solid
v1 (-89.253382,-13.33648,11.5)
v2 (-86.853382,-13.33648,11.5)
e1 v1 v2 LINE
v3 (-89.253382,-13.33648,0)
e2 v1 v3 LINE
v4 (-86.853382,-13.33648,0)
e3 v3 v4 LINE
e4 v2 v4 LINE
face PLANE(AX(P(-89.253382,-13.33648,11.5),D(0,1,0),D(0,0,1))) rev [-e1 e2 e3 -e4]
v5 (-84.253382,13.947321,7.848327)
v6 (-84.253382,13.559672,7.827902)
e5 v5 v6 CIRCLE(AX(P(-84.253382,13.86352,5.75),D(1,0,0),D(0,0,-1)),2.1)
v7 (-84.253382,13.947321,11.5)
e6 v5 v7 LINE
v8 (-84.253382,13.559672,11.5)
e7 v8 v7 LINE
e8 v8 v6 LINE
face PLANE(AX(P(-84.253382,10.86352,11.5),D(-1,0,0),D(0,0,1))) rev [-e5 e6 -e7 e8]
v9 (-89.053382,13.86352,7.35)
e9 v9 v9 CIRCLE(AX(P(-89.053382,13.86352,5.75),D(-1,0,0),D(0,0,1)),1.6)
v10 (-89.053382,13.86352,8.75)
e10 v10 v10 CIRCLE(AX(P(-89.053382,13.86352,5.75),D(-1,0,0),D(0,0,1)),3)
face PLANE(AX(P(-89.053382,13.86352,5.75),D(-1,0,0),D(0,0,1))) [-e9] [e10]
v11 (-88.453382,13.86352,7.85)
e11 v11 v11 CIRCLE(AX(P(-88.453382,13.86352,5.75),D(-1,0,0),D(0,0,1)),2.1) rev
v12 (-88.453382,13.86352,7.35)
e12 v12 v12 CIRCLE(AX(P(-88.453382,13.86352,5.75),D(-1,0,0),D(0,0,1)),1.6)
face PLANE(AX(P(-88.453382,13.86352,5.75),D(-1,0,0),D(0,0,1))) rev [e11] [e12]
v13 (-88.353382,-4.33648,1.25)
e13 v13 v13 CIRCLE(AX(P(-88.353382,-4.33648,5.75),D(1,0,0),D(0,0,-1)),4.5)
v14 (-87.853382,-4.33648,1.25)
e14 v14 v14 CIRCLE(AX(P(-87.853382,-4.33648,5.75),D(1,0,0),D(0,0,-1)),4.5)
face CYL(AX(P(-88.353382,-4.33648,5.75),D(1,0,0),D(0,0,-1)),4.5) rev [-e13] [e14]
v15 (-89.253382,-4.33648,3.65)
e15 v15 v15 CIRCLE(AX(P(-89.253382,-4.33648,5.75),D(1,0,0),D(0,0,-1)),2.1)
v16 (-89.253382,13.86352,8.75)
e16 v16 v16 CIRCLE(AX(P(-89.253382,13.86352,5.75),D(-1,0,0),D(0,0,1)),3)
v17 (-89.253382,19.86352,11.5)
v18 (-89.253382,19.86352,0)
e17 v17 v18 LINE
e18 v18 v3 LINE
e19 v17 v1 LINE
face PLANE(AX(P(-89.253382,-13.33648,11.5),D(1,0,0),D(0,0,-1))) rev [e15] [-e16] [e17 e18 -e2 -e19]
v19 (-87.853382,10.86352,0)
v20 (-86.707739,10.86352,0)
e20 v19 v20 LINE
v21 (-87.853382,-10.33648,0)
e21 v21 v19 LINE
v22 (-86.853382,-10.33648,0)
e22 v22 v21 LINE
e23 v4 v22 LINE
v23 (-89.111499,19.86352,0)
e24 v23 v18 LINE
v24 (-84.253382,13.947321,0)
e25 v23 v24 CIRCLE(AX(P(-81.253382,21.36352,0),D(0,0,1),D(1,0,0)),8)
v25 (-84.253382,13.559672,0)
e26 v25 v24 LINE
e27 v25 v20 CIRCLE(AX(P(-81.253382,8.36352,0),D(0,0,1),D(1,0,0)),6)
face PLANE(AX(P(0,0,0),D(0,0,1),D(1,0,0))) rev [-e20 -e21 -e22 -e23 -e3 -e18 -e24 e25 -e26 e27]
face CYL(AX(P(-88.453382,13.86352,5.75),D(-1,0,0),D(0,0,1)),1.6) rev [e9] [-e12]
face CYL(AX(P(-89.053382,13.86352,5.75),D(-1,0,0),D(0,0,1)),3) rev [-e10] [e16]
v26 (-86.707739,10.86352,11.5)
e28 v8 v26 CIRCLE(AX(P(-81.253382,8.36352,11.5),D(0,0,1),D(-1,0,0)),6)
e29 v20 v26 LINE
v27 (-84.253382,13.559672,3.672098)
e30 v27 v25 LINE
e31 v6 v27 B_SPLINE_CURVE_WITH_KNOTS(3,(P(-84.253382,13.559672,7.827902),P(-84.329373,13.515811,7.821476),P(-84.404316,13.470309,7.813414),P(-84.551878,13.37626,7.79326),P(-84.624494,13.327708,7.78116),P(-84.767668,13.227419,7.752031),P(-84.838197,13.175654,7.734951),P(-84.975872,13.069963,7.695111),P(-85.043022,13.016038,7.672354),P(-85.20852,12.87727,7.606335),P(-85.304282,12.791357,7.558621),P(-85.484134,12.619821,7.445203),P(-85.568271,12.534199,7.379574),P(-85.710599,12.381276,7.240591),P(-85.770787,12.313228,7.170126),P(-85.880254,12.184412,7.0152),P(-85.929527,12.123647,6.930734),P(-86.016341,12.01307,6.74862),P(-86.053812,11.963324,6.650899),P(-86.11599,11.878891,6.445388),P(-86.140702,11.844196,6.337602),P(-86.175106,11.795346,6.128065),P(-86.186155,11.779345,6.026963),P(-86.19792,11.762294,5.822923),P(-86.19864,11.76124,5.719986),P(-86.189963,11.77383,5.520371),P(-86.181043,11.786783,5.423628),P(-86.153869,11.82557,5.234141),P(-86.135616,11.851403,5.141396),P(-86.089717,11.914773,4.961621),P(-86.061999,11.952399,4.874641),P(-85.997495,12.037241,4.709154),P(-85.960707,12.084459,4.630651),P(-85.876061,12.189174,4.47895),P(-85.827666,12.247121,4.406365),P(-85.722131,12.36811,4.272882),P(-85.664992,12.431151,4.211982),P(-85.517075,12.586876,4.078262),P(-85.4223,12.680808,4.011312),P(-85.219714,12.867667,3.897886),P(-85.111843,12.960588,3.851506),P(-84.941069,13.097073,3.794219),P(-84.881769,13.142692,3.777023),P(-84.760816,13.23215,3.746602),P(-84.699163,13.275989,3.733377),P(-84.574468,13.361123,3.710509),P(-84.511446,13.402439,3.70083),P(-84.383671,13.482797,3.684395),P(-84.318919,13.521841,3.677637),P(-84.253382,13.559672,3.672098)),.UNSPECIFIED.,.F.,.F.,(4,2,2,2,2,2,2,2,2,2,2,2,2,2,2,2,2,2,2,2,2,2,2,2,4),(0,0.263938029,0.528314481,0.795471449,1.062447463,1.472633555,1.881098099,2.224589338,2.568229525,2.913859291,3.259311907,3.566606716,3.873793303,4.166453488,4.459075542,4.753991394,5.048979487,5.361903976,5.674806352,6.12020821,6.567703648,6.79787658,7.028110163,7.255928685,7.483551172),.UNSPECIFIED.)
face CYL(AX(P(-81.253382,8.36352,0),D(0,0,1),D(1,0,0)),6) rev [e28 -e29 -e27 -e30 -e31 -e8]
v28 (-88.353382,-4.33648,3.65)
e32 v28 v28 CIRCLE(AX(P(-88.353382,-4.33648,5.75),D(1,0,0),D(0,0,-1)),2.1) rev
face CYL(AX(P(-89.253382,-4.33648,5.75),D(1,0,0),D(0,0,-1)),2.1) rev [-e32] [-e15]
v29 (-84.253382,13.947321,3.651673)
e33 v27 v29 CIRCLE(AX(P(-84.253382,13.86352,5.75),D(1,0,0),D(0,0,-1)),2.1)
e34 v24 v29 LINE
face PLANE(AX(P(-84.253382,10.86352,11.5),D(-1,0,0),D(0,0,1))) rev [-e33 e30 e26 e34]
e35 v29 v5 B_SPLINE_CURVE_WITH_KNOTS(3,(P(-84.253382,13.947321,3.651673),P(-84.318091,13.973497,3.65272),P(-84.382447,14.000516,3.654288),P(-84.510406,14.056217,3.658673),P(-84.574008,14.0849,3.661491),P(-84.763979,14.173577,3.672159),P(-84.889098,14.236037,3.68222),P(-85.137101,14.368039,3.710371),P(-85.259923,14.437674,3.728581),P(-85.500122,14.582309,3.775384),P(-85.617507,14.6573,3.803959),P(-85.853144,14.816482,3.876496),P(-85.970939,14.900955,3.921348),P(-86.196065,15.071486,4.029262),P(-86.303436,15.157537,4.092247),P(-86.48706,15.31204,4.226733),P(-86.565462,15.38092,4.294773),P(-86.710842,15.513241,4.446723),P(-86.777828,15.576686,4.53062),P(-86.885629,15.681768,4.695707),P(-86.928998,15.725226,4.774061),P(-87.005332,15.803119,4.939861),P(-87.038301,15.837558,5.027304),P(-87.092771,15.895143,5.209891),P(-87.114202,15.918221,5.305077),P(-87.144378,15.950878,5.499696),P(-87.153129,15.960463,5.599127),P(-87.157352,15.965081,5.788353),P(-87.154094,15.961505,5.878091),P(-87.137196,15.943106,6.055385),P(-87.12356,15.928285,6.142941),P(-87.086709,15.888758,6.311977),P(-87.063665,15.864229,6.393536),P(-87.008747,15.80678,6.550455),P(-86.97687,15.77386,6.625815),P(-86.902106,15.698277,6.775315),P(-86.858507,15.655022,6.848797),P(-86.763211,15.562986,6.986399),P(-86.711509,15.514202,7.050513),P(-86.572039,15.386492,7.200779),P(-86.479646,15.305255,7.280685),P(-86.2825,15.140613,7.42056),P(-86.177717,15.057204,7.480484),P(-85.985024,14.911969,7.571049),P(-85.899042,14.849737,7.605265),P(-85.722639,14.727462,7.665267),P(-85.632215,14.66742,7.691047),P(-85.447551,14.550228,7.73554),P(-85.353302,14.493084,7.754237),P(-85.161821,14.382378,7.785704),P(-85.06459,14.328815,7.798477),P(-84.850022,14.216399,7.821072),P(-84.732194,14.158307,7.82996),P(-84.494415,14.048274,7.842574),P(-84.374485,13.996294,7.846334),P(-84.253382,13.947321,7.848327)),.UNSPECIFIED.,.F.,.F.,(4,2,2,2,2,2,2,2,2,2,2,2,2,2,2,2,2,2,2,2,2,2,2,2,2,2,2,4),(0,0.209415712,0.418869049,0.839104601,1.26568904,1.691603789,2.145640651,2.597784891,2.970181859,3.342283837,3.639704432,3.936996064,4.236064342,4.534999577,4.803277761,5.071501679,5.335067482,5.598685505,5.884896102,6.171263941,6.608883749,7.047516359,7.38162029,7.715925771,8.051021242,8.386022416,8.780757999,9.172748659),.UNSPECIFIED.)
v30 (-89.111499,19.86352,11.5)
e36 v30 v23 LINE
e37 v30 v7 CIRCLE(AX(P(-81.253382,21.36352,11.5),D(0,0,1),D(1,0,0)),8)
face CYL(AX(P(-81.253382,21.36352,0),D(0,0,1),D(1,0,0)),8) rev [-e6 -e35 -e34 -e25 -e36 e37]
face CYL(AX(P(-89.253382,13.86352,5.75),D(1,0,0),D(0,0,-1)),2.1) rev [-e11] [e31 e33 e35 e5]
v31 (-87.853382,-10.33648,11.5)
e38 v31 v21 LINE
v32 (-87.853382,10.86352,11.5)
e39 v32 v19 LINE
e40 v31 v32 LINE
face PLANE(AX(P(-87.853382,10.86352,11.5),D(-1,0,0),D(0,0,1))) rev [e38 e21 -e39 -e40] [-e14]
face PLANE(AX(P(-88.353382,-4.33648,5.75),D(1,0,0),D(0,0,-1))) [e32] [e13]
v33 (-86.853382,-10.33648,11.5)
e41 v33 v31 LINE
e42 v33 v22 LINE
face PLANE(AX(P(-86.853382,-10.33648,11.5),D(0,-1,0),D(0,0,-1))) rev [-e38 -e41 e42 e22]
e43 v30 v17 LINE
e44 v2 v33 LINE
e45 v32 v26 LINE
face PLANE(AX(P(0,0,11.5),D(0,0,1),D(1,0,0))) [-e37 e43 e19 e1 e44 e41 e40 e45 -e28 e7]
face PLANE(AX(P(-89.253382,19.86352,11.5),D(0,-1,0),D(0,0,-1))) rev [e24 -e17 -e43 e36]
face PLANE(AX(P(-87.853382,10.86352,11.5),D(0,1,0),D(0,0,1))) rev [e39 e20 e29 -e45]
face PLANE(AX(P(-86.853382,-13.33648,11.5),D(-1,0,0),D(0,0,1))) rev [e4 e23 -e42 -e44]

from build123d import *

# Parameters (mm, degrees)
SALIENTE_EXTRUIR1_DEPTH = 11.5
CORTAR_EXTRUIR1_START   = -5
CROQUIS2_R              = 2.1
CORTAR_EXTRUIR1_DEPTH   = 5
CROQUIS3_R              = 4.5
CORTAR_EXTRUIR2_DEPTH   = 0.5
CROQUIS4_R              = 3
CORTAR_EXTRUIR3_DEPTH   = 0.2
CROQUIS5_R              = 2.1
CROQUIS5_R_2            = 1.6
SALIENTE_EXTRUIR2_DEPTH = 0.6
CORTAR_EXTRUIR5_DEPTH   = 11.5


with BuildPart() as part:
    # Croquis1 → Saliente-Extruir1 (new body)
    with BuildSketch(Plane.XY):
        Polygon((-89.253382482, -13.336480186), (-89.253382482, 19.863519814), (-87.853382482, 19.863519814), (-87.853382482, 16.863519814), (-84.253382482, 16.863519814), (-84.253382482, 10.863519814), (-87.853382482, 10.863519814), (-87.853382482, -10.336480186), (-86.853382482, -10.336480186), (-86.853382482, -13.336480186), align=None)
    extrude(amount=SALIENTE_EXTRUIR1_DEPTH)

    # Croquis2 → Cortar-Extruir1 (cut)
    with BuildSketch(Plane(origin=(-84.253382482, 0, 0), x_dir=(0, 0, -1), z_dir=(1, 0, 0)).offset(CORTAR_EXTRUIR1_START)):
        with Locations((-5.75, 13.863519814)):
            Circle(CROQUIS2_R)
        with Locations((-5.75, -4.336480186)):
            Circle(CROQUIS2_R)
    extrude(amount=CORTAR_EXTRUIR1_DEPTH, mode=Mode.SUBTRACT)

    # Croquis3 → Cortar-Extruir2 (cut)
    with BuildSketch(Plane(origin=(-87.853382482, 0, 0), x_dir=(0, 0, -1), z_dir=(1, 0, 0))):
        with Locations((-5.75, -4.336480186)):
            Circle(CROQUIS3_R)
    extrude(amount=-CORTAR_EXTRUIR2_DEPTH, mode=Mode.SUBTRACT)

    # Croquis4 → Cortar-Extruir3 (cut)
    with BuildSketch(Plane.ZY.offset(89.253382482)):
        with Locations((5.75, 13.863519814)):
            Circle(CROQUIS4_R)
    extrude(amount=-CORTAR_EXTRUIR3_DEPTH, mode=Mode.SUBTRACT)

    # Croquis5 → Saliente-Extruir2 (add)
    with BuildSketch(Plane.ZY.offset(89.053382482)):
        with Locations((5.75, 13.863519814)):
            Circle(CROQUIS5_R)
        with Locations((5.75, 13.863519814)):
            Circle(CROQUIS5_R_2, mode=Mode.SUBTRACT)
    extrude(amount=-SALIENTE_EXTRUIR2_DEPTH)

    # Croquis6 → Cortar-Extruir5 (cut)
    with BuildSketch(Plane.XY.offset(11.5)):
        with BuildLine():
            ThreePointArc((-78.686236851, 13.786596737), (-81.253382482, 29.363519814), (-83.820528112, 13.786596737))
            ThreePointArc((-83.820528112, 13.786596737), (-81.253382482, 2.363519814), (-78.686236851, 13.786596737))
        make_face()
    extrude(amount=-CORTAR_EXTRUIR5_DEPTH, mode=Mode.SUBTRACT)


solid = part.part
